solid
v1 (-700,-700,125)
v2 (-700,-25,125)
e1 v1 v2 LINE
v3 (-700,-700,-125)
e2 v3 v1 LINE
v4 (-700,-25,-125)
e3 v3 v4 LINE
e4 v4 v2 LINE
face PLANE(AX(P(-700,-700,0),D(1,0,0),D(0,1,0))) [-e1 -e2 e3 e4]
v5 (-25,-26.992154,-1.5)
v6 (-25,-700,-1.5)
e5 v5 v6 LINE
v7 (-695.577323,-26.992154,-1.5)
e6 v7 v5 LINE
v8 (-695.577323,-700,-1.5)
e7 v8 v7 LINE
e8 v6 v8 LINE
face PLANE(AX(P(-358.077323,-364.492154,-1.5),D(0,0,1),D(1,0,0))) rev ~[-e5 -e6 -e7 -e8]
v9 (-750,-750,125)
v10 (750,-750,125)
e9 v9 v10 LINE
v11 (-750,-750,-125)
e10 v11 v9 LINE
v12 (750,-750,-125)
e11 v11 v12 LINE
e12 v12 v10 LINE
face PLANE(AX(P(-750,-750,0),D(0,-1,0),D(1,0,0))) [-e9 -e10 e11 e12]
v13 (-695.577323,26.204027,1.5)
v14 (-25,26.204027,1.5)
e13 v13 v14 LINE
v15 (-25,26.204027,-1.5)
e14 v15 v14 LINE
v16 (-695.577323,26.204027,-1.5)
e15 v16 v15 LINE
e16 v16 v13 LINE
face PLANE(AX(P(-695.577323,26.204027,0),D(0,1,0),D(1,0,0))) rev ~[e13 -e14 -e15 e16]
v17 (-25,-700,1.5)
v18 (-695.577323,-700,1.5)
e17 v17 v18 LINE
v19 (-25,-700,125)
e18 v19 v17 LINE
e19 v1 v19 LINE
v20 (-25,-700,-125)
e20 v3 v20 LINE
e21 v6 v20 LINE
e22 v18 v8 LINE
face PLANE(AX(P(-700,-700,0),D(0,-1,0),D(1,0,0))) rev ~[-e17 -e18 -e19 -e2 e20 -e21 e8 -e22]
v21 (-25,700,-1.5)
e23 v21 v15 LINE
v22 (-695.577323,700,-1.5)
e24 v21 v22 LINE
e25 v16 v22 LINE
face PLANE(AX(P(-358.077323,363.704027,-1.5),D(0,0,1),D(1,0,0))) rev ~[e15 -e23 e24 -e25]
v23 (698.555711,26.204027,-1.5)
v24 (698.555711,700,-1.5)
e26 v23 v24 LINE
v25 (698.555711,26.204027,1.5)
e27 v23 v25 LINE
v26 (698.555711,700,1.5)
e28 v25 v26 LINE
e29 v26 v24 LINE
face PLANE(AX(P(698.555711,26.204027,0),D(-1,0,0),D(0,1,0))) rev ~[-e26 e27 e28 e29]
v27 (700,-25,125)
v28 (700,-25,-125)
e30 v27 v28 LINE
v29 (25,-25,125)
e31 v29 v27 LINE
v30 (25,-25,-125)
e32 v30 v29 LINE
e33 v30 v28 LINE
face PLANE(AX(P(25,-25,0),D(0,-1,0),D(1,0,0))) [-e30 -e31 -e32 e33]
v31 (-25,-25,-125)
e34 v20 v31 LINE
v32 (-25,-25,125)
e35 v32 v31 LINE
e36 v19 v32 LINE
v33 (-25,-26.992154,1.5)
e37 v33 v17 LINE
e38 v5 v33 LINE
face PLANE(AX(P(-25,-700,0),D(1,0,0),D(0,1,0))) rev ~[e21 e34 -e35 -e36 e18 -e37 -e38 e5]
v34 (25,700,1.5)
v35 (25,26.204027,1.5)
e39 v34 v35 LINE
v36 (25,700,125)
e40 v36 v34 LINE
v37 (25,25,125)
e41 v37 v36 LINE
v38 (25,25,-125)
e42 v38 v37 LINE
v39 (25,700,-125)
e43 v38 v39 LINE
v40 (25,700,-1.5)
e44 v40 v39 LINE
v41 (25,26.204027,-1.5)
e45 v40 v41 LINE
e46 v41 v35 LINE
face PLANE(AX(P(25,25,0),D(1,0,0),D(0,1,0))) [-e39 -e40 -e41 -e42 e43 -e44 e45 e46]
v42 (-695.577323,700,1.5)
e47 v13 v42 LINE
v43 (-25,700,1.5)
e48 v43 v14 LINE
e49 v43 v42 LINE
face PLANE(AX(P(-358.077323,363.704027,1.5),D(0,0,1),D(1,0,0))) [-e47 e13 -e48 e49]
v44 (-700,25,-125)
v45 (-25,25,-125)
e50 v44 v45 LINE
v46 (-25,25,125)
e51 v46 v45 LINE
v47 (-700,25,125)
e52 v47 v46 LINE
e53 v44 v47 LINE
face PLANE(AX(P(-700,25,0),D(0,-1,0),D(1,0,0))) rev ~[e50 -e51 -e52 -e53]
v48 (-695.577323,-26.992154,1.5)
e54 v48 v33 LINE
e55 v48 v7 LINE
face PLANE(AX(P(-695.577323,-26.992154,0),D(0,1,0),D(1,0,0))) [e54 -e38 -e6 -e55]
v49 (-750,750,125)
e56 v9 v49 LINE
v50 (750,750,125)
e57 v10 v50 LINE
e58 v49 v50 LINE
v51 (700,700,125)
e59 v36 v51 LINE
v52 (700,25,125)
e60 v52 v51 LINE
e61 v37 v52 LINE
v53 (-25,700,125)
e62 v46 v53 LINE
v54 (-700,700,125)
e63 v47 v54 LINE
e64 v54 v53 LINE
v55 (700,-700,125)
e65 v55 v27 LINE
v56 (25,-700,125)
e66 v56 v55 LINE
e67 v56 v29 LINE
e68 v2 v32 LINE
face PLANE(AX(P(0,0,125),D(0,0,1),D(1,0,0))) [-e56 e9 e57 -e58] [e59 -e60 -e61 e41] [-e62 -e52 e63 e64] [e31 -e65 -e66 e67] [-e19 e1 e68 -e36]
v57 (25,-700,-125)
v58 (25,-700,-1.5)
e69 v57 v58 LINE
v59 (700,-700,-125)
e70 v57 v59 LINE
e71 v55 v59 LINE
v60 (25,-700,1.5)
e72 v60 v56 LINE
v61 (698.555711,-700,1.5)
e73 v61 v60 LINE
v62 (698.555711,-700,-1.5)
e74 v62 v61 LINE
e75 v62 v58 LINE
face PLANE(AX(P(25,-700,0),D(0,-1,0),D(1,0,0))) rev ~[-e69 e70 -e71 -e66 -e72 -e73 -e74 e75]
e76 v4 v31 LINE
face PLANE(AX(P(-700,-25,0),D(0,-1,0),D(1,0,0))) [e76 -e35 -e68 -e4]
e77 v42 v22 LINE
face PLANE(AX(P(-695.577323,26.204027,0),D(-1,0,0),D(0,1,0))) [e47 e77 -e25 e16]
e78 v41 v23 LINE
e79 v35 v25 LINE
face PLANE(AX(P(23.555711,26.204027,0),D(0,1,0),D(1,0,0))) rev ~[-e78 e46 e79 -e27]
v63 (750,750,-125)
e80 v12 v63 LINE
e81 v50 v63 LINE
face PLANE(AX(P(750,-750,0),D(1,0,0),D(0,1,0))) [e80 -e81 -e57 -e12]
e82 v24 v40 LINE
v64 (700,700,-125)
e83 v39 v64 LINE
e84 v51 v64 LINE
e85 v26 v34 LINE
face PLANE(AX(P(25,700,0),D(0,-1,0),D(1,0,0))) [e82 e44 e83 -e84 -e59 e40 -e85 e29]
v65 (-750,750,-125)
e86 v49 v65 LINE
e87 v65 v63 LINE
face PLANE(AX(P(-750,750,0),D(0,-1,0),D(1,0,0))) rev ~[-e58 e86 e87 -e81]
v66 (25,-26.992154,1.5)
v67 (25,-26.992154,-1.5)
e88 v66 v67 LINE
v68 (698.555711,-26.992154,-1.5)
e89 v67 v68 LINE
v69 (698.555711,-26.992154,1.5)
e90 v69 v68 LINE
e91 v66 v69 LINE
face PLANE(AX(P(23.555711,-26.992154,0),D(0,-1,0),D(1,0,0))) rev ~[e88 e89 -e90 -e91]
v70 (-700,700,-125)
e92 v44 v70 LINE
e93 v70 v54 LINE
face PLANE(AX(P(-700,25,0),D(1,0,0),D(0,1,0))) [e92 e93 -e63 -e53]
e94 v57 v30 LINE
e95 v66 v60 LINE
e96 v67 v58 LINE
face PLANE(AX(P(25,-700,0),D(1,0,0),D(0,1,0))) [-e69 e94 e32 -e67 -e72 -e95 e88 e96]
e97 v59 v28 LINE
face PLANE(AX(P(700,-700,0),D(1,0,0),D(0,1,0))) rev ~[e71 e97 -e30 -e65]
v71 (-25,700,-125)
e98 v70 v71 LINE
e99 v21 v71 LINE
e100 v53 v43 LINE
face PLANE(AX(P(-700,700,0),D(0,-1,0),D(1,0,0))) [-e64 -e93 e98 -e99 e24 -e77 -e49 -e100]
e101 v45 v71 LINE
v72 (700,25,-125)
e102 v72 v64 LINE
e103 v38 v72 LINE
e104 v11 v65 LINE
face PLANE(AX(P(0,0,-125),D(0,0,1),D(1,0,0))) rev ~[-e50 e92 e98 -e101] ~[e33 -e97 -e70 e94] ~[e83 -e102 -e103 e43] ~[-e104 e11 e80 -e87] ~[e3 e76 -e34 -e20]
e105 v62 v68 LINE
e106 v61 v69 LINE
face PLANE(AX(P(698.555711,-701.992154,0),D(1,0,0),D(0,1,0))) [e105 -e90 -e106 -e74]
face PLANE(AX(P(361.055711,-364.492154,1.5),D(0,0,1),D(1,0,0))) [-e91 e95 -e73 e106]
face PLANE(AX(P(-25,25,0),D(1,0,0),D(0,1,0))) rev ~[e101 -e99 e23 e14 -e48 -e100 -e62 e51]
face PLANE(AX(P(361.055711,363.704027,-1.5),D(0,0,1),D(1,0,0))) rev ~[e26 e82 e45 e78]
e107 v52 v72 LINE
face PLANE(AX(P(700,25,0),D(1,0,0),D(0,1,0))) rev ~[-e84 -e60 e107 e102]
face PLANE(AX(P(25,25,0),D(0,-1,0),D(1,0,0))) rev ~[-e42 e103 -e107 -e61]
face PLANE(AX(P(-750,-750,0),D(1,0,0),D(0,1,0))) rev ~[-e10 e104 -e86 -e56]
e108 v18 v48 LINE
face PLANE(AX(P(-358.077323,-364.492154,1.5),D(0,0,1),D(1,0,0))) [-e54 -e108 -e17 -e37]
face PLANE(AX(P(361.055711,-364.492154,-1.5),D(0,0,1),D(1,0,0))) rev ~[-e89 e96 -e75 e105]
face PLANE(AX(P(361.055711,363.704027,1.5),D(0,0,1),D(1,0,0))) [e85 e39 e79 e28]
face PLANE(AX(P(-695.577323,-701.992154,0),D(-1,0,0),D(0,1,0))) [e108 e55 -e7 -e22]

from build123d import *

# Parameters (mm, degrees)
F0_W     = 1500
F0_H     = 1500
F0_W_2   = 675
F0_H_2   = 675
F1_DEPTH = 125
F2_W     = 675
F2_H     = 675
F3_DEPTH = 1.5


with BuildPart() as f1:
    # F0 (on Top) → F1 (new body, symmetric)
    with BuildSketch(Plane.XY):
        Rectangle(F0_W, F0_H)
        with Locations((-362.5, -362.5)):
            Rectangle(F0_W_2, F0_H_2, mode=Mode.SUBTRACT)
        with Locations((362.5, -362.5)):
            Rectangle(F0_W_2, F0_H_2, mode=Mode.SUBTRACT)
        with Locations((-362.5, 362.5)):
            Rectangle(F0_W_2, F0_H_2, mode=Mode.SUBTRACT)
        with Locations((362.5, 362.5)):
            Rectangle(F0_W_2, F0_H_2, mode=Mode.SUBTRACT)
    extrude(amount=F1_DEPTH, both=True)

    # F2 (on Top) → F3 (join, symmetric)
    with BuildSketch(Plane.XY):
        with Locations((-358.077323, 363.704027)):
            Rectangle(F2_W, F2_H)
        with Locations((361.055711, 363.704027)):
            Rectangle(F2_W, F2_H)
        with Locations((-358.077323, -364.492154)):
            Rectangle(F2_W, F2_H)
        with Locations((361.055711, -364.492154)):
            Rectangle(F2_W, F2_H)
    extrude(amount=F3_DEPTH, both=True)


solid = f1.part
